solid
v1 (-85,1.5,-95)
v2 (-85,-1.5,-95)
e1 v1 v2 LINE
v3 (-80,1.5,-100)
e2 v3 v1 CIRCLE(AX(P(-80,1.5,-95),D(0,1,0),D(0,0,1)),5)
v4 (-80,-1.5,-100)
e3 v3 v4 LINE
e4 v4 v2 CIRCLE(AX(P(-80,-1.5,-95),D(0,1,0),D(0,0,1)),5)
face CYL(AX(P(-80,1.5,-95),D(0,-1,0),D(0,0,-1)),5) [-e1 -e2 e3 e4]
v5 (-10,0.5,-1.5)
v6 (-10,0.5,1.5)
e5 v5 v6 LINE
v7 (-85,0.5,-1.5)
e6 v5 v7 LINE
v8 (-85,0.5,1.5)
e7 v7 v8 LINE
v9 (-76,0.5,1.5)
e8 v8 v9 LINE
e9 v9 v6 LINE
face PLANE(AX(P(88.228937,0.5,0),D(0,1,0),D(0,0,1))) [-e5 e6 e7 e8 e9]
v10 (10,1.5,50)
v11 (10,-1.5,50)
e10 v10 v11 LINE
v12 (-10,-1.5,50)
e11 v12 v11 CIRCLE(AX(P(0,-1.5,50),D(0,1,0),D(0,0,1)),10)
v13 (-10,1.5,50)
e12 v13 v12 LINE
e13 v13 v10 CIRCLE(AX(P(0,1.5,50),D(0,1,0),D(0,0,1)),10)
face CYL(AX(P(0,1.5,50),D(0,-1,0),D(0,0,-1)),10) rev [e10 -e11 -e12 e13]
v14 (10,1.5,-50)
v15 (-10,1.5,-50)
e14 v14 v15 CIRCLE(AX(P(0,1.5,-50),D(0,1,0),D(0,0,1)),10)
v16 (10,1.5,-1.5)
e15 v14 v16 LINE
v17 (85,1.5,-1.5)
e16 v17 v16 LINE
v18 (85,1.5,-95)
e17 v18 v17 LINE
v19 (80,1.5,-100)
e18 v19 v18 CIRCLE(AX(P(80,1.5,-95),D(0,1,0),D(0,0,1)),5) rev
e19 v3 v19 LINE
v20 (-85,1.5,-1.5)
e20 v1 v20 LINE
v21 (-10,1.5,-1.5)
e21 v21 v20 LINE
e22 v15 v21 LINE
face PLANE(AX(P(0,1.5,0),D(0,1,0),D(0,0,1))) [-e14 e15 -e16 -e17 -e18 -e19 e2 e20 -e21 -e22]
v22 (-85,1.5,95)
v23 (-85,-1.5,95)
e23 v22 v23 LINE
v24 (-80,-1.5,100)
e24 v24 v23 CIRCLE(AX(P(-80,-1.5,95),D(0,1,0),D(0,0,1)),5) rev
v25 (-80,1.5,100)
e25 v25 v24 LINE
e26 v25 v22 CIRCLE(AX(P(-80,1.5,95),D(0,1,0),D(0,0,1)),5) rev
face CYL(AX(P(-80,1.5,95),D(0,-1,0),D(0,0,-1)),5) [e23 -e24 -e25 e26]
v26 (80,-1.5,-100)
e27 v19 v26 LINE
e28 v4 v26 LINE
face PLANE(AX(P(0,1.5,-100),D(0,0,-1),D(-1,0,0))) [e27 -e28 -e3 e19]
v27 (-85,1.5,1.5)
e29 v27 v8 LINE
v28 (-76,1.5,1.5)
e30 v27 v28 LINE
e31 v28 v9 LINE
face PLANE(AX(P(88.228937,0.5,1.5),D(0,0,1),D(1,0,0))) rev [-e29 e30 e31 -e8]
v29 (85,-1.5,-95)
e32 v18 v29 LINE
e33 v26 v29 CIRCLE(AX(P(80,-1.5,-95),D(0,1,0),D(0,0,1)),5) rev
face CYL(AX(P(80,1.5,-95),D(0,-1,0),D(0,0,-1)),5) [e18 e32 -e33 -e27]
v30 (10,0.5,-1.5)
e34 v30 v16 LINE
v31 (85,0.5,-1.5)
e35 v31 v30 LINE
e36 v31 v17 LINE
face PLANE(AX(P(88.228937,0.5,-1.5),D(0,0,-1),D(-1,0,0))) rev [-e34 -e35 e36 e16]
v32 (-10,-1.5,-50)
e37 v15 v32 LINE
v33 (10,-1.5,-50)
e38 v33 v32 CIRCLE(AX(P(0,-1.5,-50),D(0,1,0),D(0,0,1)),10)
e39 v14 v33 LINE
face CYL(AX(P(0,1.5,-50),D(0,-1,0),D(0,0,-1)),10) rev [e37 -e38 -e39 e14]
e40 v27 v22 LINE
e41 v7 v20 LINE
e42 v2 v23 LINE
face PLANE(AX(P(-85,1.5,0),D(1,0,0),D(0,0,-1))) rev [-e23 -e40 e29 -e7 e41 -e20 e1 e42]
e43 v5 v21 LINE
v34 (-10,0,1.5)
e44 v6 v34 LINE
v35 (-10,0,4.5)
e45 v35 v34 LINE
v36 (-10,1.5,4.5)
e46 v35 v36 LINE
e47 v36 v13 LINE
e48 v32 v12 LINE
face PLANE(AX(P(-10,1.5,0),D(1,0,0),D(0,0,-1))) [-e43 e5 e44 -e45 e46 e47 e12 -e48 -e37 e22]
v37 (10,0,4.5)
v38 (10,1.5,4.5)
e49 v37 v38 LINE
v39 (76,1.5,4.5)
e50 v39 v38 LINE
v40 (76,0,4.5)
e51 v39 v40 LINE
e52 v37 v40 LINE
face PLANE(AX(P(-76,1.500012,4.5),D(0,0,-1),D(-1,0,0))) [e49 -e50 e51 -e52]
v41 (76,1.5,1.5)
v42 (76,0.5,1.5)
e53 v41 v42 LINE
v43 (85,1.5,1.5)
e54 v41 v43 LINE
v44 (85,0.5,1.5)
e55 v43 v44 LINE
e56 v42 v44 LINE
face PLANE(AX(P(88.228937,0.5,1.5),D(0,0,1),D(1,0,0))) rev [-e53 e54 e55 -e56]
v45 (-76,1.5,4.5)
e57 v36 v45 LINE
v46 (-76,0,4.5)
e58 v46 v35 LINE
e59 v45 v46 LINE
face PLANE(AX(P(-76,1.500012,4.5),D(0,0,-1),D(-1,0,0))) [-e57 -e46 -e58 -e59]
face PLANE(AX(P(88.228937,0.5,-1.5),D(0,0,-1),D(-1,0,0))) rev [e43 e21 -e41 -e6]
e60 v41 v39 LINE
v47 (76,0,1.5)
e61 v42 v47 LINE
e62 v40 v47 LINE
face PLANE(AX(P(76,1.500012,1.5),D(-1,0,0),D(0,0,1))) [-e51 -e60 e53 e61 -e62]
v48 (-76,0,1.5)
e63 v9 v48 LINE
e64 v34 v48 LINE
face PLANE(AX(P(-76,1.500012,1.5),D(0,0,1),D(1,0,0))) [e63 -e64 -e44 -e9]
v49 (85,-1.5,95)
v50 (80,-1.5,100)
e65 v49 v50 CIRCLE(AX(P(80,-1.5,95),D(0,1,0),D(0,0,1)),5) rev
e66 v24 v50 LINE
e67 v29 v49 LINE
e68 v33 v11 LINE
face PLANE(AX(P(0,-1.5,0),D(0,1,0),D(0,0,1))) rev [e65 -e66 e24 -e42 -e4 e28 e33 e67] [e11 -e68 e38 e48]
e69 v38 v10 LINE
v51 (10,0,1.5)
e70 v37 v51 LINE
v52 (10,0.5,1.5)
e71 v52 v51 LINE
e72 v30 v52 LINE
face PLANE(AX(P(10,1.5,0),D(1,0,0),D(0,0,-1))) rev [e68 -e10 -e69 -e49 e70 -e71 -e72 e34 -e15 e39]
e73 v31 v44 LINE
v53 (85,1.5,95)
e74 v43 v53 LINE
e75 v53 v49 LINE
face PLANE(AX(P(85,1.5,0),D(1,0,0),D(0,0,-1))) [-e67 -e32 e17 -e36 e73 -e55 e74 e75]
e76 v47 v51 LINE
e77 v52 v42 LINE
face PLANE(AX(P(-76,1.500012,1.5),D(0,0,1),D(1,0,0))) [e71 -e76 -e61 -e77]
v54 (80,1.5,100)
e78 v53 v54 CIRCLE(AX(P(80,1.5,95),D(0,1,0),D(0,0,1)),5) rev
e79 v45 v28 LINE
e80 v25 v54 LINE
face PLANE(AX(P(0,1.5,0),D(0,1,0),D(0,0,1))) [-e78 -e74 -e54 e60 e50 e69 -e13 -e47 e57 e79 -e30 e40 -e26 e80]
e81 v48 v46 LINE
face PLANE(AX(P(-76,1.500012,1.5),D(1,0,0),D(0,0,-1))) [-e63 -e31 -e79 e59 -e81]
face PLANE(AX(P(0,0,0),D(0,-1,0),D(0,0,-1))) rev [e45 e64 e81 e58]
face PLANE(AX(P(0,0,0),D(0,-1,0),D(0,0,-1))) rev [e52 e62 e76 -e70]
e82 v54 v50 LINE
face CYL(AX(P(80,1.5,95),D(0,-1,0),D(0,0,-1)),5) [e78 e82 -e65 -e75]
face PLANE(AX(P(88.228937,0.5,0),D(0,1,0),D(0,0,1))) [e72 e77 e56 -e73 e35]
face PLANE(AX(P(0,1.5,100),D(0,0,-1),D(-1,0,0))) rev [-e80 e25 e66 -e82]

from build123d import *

# Parameters (mm, degrees)
EXTRUDE_1_DEPTH          = 1.5
CUT_EXTRUDE_1_DEPTH      = 132.278330276
CUT_EXTRUDE_1_DEPTH_BACK = 1.5
SKETCH_3_W               = 152
SKETCH_3_H               = 3
CUT_EXTRUDE_2_DEPTH      = 1


with BuildPart() as part:
    # Эскиз1 → Бобышка-Вытянуть1 (new, symmetric)
    with BuildSketch(Plane(origin=(0, 0, 0), x_dir=(1, 0, 0), z_dir=(0, 1, 0))):
        with BuildLine():
            Line((-80, 100), (80, 100))
            ThreePointArc((80, 100), (83.535533906, 98.535533906), (85, 95))
            Line((85, 95), (85, -95))
            ThreePointArc((85, -95), (83.535533906, -98.535533906), (80, -100))
            Line((80, -100), (-80, -100))
            ThreePointArc((-80, -100), (-83.535533906, -98.535533906), (-85, -95))
            Line((-85, -95), (-85, 95))
            ThreePointArc((-85, 95), (-83.535533906, 98.535533906), (-80, 100))
        make_face()
        with BuildLine():
            Line((10, 50), (10, -50))
            ThreePointArc((10, -50), (0, -60), (-10, -50))
            Line((-10, -50), (-10, 50))
            ThreePointArc((-10, 50), (0, 60), (10, 50))
        make_face(mode=Mode.SUBTRACT)
    extrude(amount=EXTRUDE_1_DEPTH, both=True)

    # Эскиз3 → Вырез-Вытянуть1 (cut, two sides: drawn at the far end of the back side and taken through both)
    with BuildSketch(Plane(origin=(0, 1.5, 0), x_dir=(1, 0, 0), z_dir=(0, 1, 0)).offset(-CUT_EXTRUDE_1_DEPTH_BACK)):
        with Locations((0, -3)):
            Rectangle(SKETCH_3_W, SKETCH_3_H)
    extrude(amount=CUT_EXTRUDE_1_DEPTH + CUT_EXTRUDE_1_DEPTH_BACK, mode=Mode.SUBTRACT)

    # Эскиз4 → Вырез-Вытянуть2 (cut)
    with BuildSketch(Plane(origin=(0, 1.5, 0), x_dir=(1, 0, 0), z_dir=(0, 1, 0))):
        with BuildLine():
            Line((88.228937258, -1.5), (-88.228937258, -1.5))
            ThreePointArc((-88.228937258, -1.5), (-89.728937258, 0), (-88.228937258, 1.5))
            Line((-88.228937258, 1.5), (88.228937258, 1.5))
            ThreePointArc((88.228937258, 1.5), (89.728937258, 0), (88.228937258, -1.5))
        make_face()
    extrude(amount=-CUT_EXTRUDE_2_DEPTH, mode=Mode.SUBTRACT)


solid = part.part
